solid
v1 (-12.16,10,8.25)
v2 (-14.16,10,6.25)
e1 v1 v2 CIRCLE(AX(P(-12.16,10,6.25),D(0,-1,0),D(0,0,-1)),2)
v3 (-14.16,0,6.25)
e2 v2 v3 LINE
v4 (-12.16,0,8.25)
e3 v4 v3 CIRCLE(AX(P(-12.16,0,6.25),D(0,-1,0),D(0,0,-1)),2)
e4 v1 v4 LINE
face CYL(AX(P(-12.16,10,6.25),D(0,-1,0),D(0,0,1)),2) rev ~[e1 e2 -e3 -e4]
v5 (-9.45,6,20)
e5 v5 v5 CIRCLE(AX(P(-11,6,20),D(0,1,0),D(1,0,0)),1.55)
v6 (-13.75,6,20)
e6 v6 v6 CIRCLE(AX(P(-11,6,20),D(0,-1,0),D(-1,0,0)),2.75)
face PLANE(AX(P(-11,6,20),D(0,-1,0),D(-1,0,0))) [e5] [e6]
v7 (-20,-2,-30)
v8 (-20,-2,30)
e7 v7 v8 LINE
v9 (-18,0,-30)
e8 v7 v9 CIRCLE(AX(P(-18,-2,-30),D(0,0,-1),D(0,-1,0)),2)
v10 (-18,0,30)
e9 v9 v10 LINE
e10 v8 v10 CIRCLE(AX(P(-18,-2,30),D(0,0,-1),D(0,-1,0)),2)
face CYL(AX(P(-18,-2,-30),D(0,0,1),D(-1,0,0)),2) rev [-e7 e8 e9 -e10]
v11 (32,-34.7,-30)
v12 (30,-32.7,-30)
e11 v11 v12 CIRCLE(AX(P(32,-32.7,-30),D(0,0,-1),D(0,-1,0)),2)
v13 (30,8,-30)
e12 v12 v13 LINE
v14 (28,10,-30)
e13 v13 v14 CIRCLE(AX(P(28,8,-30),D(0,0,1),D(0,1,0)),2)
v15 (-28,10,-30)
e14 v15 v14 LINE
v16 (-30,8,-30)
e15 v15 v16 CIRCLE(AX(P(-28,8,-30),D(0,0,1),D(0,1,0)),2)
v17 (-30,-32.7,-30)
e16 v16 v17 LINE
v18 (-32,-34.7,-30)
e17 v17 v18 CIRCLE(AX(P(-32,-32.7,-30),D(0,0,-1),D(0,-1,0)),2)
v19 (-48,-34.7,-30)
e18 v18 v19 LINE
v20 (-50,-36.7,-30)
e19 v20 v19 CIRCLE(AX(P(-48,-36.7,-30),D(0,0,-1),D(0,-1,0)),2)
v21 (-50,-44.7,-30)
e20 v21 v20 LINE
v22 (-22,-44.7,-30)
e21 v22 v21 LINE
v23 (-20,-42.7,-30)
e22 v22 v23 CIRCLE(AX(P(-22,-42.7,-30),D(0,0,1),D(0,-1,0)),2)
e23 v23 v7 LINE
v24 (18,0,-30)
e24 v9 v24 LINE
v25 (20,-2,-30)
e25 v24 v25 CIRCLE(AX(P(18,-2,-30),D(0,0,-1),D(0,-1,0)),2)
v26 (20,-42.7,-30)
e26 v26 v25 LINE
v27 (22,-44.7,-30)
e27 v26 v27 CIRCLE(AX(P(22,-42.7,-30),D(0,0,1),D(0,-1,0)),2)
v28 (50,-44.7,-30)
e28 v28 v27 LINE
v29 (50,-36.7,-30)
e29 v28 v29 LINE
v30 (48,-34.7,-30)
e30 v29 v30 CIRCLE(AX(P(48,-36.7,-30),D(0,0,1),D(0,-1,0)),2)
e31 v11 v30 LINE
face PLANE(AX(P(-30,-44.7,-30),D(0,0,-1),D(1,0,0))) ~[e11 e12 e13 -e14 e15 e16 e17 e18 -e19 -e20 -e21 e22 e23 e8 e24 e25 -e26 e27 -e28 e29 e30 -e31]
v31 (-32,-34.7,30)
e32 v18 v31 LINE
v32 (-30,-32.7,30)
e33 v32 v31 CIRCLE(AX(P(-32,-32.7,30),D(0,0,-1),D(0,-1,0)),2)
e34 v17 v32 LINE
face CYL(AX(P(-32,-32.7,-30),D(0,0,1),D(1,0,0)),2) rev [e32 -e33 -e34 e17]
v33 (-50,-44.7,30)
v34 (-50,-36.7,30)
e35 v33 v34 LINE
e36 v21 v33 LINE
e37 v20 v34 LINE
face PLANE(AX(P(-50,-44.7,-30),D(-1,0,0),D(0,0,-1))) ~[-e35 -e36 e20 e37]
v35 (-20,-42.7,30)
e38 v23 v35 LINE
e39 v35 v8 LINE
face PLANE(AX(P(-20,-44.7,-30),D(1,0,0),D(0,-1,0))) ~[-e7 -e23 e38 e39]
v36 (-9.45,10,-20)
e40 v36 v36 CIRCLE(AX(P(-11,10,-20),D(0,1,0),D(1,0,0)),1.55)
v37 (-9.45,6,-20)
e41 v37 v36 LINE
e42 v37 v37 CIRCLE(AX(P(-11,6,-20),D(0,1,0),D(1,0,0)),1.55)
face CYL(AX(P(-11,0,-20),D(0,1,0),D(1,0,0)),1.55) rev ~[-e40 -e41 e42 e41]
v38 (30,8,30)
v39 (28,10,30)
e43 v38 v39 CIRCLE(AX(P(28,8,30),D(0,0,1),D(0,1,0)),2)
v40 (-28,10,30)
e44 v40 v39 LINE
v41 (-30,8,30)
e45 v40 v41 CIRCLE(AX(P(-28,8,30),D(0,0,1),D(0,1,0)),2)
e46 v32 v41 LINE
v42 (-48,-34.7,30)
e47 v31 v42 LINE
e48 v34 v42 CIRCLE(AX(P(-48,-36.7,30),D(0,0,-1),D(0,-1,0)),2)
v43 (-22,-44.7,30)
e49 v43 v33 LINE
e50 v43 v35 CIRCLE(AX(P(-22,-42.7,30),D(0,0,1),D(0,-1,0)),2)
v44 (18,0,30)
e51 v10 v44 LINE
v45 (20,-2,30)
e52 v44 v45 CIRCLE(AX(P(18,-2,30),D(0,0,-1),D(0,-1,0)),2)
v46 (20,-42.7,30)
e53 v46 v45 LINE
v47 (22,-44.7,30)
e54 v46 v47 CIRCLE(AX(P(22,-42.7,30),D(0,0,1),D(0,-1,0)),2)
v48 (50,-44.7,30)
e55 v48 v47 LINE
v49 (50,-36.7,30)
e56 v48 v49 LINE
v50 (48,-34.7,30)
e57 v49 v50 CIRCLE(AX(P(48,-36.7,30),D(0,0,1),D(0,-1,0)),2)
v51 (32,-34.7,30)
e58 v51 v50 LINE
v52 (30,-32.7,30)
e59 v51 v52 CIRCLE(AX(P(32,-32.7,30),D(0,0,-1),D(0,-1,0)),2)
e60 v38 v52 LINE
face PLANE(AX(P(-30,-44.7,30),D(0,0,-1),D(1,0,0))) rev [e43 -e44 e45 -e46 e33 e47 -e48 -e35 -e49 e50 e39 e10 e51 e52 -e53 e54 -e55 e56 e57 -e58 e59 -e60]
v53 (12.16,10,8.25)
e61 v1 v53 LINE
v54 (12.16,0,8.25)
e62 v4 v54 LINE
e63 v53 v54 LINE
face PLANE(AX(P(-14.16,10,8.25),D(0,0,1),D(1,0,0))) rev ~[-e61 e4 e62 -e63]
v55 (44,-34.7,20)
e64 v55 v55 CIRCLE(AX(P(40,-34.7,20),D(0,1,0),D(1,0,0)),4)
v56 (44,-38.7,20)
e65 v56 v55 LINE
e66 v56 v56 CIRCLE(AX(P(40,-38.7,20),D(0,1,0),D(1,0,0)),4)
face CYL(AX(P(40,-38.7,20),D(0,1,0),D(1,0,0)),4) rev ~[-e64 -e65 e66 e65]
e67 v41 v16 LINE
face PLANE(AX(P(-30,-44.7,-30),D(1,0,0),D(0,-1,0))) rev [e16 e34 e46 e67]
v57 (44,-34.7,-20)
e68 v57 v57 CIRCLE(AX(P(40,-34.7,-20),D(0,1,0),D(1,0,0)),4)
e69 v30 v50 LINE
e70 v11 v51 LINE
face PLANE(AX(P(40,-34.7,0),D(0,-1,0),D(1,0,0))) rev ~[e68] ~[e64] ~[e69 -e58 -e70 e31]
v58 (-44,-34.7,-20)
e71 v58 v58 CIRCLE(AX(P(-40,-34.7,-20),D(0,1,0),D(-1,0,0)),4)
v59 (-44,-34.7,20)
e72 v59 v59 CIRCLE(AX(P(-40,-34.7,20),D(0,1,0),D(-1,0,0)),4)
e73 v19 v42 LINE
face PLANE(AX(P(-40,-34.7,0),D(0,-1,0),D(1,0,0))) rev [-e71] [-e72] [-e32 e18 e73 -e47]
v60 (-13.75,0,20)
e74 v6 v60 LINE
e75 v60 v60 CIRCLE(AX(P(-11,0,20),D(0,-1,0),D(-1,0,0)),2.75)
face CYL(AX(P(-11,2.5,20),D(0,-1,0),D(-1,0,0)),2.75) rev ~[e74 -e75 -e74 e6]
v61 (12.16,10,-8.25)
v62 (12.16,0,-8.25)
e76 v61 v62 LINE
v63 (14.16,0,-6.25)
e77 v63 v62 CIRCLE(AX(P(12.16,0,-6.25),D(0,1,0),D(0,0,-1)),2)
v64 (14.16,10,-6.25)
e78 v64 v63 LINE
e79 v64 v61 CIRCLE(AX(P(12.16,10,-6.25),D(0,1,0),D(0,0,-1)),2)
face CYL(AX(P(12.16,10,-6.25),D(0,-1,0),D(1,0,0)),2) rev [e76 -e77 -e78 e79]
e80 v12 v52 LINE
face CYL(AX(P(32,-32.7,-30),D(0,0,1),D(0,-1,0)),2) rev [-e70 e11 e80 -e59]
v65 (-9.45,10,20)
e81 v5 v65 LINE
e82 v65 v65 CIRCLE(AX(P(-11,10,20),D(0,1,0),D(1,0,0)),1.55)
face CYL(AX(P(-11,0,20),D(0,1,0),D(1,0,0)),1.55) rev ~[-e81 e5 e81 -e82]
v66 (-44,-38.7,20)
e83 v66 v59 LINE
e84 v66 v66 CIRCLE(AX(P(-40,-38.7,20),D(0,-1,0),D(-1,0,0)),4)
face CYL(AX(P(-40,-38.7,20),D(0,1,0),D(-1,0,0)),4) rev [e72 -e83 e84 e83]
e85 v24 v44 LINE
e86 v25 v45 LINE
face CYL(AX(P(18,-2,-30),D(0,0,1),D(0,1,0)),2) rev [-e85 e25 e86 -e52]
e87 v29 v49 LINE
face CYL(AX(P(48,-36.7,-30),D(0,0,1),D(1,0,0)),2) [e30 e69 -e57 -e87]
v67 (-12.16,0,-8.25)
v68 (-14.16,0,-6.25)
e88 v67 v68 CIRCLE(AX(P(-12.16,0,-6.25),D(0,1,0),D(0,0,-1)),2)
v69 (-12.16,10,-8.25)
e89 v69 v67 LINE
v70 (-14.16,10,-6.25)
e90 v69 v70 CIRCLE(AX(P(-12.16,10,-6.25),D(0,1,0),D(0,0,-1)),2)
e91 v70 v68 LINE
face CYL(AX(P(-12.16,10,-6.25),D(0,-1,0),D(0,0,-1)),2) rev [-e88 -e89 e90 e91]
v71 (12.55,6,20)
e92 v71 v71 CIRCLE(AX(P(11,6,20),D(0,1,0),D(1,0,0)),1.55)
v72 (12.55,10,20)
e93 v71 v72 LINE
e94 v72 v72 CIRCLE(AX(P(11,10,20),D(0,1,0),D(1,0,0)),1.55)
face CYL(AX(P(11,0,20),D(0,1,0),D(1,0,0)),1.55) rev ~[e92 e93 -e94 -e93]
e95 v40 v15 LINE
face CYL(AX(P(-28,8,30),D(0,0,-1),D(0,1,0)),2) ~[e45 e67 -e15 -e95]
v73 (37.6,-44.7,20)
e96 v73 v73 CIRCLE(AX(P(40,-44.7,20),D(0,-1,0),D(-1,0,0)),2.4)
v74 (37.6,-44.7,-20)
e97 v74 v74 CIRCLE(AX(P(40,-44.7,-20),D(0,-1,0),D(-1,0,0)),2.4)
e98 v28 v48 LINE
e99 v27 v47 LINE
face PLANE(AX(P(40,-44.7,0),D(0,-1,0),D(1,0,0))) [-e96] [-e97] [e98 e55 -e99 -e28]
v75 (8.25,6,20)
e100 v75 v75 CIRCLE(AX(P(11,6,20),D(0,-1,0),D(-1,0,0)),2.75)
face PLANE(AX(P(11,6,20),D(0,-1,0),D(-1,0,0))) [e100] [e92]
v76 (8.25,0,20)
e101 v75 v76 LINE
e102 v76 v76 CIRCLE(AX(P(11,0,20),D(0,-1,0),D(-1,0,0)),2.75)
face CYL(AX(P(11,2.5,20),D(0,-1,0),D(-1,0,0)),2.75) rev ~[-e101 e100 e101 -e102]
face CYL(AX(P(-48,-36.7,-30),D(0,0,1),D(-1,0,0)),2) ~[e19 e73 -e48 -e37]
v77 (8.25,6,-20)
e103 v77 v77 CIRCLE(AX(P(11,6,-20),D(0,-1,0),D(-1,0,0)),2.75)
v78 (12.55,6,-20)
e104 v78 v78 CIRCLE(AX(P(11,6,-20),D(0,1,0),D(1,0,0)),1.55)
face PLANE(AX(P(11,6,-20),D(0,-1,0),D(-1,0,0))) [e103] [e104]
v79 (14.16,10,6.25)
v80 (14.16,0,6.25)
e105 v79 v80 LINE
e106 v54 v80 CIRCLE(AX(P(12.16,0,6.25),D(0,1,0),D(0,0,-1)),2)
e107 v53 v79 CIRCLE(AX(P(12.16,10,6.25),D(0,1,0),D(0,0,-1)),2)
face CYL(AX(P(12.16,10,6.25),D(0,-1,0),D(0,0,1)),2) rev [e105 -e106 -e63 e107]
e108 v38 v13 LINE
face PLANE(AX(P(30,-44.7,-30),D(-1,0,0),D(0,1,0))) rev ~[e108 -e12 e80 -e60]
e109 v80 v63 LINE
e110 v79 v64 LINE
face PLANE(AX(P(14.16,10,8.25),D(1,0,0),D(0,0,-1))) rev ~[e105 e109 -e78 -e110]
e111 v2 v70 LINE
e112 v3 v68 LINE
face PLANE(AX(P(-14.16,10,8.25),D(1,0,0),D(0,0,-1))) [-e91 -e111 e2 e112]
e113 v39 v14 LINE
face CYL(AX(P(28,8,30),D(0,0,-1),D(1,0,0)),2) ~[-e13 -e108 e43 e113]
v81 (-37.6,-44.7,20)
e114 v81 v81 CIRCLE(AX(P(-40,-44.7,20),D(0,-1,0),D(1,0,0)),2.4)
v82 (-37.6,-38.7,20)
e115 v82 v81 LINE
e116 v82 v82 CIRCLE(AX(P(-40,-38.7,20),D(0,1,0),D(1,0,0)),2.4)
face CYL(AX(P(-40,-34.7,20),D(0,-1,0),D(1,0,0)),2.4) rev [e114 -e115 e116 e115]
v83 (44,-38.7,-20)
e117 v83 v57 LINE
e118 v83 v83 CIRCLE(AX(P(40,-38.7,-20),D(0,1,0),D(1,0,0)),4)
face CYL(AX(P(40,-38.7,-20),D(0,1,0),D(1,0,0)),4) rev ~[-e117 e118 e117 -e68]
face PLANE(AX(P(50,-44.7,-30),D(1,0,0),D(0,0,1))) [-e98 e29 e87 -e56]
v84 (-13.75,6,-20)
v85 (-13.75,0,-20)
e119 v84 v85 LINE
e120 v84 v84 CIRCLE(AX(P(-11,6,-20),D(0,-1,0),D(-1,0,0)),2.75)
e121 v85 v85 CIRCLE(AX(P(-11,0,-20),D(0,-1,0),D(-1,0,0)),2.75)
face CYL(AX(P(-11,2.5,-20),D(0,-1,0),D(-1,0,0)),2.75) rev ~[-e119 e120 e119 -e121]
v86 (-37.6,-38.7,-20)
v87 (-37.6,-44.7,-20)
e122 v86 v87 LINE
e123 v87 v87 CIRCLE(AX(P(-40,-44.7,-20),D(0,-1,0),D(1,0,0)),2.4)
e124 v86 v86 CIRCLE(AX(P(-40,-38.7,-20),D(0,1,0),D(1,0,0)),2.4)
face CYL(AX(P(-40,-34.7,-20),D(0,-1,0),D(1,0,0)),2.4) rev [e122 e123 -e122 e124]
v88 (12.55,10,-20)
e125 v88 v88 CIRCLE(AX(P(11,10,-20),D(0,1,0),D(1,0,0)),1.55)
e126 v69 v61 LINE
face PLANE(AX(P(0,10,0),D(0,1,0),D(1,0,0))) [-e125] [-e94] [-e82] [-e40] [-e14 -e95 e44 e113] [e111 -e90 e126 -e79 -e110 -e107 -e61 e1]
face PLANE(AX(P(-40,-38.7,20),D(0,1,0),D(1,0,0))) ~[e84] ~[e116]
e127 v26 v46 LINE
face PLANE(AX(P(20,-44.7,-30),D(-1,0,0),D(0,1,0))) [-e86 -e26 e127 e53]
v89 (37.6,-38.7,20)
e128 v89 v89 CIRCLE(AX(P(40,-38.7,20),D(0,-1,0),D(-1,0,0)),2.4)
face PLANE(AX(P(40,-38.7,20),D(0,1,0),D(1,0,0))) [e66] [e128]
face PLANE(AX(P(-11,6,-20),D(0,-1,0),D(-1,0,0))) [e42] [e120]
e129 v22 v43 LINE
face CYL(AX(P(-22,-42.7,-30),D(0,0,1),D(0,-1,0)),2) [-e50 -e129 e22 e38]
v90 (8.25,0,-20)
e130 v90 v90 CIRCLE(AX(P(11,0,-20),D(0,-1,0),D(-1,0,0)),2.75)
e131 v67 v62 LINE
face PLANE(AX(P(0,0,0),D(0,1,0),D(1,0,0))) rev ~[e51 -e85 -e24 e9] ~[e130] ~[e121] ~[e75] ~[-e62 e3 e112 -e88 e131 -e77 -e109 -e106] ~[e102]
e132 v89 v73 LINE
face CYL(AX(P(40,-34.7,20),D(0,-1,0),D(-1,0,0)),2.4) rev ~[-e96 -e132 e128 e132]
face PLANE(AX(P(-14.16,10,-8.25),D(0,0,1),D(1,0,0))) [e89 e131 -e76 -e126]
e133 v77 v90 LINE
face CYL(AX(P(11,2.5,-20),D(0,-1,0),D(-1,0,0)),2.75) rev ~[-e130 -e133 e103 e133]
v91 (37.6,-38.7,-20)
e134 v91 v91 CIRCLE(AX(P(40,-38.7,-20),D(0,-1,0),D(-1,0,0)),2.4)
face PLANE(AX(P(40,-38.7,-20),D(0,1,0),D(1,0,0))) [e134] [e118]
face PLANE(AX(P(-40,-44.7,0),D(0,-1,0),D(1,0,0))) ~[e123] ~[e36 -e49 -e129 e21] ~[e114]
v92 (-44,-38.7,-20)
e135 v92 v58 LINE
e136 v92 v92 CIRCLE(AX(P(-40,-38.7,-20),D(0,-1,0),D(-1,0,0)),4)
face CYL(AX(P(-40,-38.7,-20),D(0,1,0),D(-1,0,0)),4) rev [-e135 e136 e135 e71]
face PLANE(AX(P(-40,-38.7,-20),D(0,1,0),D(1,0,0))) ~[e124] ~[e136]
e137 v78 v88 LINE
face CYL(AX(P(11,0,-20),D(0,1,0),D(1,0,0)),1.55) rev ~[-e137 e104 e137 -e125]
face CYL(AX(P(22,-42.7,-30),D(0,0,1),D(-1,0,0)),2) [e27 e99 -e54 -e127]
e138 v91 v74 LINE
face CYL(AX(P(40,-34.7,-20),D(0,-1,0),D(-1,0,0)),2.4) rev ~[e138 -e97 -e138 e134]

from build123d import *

# Parameters (mm, degrees)
SKETCH2_W                        = 60
SKETCH2_H                        = 60
BOSS_EXTRUDE1_DEPTH              = 10
SKETCH7_W                        = 28.32
SKETCH7_H                        = 16.5
CUT_EXTRUDE2_DEPTH               = 44.588989435
FILLET2_R                        = 2
CBORE_FOR_M2_5_SHCS2_D           = 3.1
CBORE_FOR_M2_5_SHCS2_CBORE_D     = 5.5
CBORE_FOR_M2_5_SHCS2_CBORE_DEPTH = 2.5
MOVE_FACE1_BY                    = 3.5
MOVE_FACE1_2_BY                  = 3.5
MOVE_FACE1_3_BY                  = 3.5
MOVE_FACE1_4_BY                  = 3.5
SKETCH11_W                       = 10
SKETCH11_H                       = 44.7
BOSS_EXTRUDE2_DEPTH              = 60
SKETCH12_W                       = 20
SKETCH12_H                       = 60
BOSS_EXTRUDE3_DEPTH              = 10
CBORE_FOR_M4_SHCS1_D             = 4.8
CBORE_FOR_M4_SHCS1_CBORE_D       = 8
CBORE_FOR_M4_SHCS1_CBORE_DEPTH   = 4
FILLET5_R                        = 2


with BuildPart() as part:
    # Sketch2 → Boss-Extrude1 (new body)
    with BuildSketch(Plane(origin=(0, 0, 0), x_dir=(1, 0, 0), z_dir=(0, 1, 0))):
        Rectangle(SKETCH2_W, SKETCH2_H)
    extrude(amount=BOSS_EXTRUDE1_DEPTH)

    # Sketch7 → Cut-Extrude2 (cut, through all)
    with BuildSketch(Plane(origin=(0, 10, 0), x_dir=(1, 0, 0), z_dir=(0, 1, 0))):
        Rectangle(SKETCH7_W, SKETCH7_H)
    extrude(amount=-CUT_EXTRUDE2_DEPTH, mode=Mode.SUBTRACT)

    # Fillet2
    fillet2_edges = [part.edges().sort_by_distance(p)[0] for p in [
        (-14.16, 5, 8.25),
        (-14.16, 5, -8.25),
        (14.16, 5, -8.25),
        (14.16, 5, 8.25),
    ]]
    fillet(fillet2_edges, radius=FILLET2_R)

    # CBORE for M2.5 SHCS2 (through all)
    with Locations(Plane(origin=(0, 0, 0), x_dir=(-1, 0, 0), z_dir=(0, -1, 0))):
        with Locations((11, -20), (-11, -20), (11, 20), (-11, 20)):
            CounterBoreHole(CBORE_FOR_M2_5_SHCS2_D / 2, CBORE_FOR_M2_5_SHCS2_CBORE_D / 2, CBORE_FOR_M2_5_SHCS2_CBORE_DEPTH)

    # Move Face1: a face moved inward by 3.5
    extrude(part.faces().sort_by_distance((11, 2.5, -17.8))[0], amount=MOVE_FACE1_BY, dir=(0, 1, 0), mode=Mode.SUBTRACT)

    # Move Face1 2: a face moved inward by 3.5
    extrude(part.faces().sort_by_distance((-11, 2.5, -17.8))[0], amount=MOVE_FACE1_2_BY, dir=(0, 1, 0), mode=Mode.SUBTRACT)

    # Move Face1 3: a face moved inward by 3.5
    extrude(part.faces().sort_by_distance((11, 2.5, 22.2))[0], amount=MOVE_FACE1_3_BY, dir=(0, 1, 0), mode=Mode.SUBTRACT)

    # Move Face1 4: a face moved inward by 3.5
    extrude(part.faces().sort_by_distance((-11, 2.5, 22.2))[0], amount=MOVE_FACE1_4_BY, dir=(0, 1, 0), mode=Mode.SUBTRACT)

    # Sketch11 → Boss-Extrude2 (add)
    with BuildSketch(Plane(origin=(0, 0, -30), x_dir=(-1, 0, 0), z_dir=(0, 0, -1))):
        with Locations((-25, -22.35)):
            Rectangle(SKETCH11_W, SKETCH11_H)
    boss_extrude2 = extrude(amount=-BOSS_EXTRUDE2_DEPTH)

    # Sketch12 → Boss-Extrude3 (add)
    with BuildSketch(Plane.XZ.offset(44.7)):
        with Locations((40, 0)):
            Rectangle(SKETCH12_W, SKETCH12_H)
    boss_extrude3 = extrude(amount=-BOSS_EXTRUDE3_DEPTH)

    # CBORE for M4 SHCS1 (through all)
    with Locations(Plane(origin=(0, -34.7, 0), x_dir=(1, 0, 0), z_dir=(0, 1, 0))):
        with Locations((40, 20), (40, -20)):
            cbore_for_m4_shcs1 = CounterBoreHole(CBORE_FOR_M4_SHCS1_D / 2, CBORE_FOR_M4_SHCS1_CBORE_D / 2, CBORE_FOR_M4_SHCS1_CBORE_DEPTH)

    # Mirror1: Boss-Extrude2, Boss-Extrude3, CBORE for M4 SHCS1 across plane
    add(boss_extrude2.mirror(Plane(origin=(0, 0, 0), x_dir=(0, 0, 1), z_dir=(1, 0, 0))))
    add(boss_extrude3.mirror(Plane(origin=(0, 0, 0), x_dir=(0, 0, 1), z_dir=(1, 0, 0))))
    add(cbore_for_m4_shcs1.mirror(Plane(origin=(0, 0, 0), x_dir=(0, 0, 1), z_dir=(1, 0, 0))), mode=Mode.SUBTRACT)

    # Fillet5
    fillet5_edges = [part.edges().sort_by_distance(p)[0] for p in [
        (50, -34.7, 0),
        (30, -34.7, 0),
        (30, 10, 0),
        (-20, 0, 0),
        (-20, -44.7, 0),
        (-30, -34.7, 0),
        (-50, -34.7, 0),
        (-30, 10, 0),
        (20, 0, 0),
        (20, -44.7, 0),
    ]]
    fillet(fillet5_edges, radius=FILLET5_R)


solid = part.part
